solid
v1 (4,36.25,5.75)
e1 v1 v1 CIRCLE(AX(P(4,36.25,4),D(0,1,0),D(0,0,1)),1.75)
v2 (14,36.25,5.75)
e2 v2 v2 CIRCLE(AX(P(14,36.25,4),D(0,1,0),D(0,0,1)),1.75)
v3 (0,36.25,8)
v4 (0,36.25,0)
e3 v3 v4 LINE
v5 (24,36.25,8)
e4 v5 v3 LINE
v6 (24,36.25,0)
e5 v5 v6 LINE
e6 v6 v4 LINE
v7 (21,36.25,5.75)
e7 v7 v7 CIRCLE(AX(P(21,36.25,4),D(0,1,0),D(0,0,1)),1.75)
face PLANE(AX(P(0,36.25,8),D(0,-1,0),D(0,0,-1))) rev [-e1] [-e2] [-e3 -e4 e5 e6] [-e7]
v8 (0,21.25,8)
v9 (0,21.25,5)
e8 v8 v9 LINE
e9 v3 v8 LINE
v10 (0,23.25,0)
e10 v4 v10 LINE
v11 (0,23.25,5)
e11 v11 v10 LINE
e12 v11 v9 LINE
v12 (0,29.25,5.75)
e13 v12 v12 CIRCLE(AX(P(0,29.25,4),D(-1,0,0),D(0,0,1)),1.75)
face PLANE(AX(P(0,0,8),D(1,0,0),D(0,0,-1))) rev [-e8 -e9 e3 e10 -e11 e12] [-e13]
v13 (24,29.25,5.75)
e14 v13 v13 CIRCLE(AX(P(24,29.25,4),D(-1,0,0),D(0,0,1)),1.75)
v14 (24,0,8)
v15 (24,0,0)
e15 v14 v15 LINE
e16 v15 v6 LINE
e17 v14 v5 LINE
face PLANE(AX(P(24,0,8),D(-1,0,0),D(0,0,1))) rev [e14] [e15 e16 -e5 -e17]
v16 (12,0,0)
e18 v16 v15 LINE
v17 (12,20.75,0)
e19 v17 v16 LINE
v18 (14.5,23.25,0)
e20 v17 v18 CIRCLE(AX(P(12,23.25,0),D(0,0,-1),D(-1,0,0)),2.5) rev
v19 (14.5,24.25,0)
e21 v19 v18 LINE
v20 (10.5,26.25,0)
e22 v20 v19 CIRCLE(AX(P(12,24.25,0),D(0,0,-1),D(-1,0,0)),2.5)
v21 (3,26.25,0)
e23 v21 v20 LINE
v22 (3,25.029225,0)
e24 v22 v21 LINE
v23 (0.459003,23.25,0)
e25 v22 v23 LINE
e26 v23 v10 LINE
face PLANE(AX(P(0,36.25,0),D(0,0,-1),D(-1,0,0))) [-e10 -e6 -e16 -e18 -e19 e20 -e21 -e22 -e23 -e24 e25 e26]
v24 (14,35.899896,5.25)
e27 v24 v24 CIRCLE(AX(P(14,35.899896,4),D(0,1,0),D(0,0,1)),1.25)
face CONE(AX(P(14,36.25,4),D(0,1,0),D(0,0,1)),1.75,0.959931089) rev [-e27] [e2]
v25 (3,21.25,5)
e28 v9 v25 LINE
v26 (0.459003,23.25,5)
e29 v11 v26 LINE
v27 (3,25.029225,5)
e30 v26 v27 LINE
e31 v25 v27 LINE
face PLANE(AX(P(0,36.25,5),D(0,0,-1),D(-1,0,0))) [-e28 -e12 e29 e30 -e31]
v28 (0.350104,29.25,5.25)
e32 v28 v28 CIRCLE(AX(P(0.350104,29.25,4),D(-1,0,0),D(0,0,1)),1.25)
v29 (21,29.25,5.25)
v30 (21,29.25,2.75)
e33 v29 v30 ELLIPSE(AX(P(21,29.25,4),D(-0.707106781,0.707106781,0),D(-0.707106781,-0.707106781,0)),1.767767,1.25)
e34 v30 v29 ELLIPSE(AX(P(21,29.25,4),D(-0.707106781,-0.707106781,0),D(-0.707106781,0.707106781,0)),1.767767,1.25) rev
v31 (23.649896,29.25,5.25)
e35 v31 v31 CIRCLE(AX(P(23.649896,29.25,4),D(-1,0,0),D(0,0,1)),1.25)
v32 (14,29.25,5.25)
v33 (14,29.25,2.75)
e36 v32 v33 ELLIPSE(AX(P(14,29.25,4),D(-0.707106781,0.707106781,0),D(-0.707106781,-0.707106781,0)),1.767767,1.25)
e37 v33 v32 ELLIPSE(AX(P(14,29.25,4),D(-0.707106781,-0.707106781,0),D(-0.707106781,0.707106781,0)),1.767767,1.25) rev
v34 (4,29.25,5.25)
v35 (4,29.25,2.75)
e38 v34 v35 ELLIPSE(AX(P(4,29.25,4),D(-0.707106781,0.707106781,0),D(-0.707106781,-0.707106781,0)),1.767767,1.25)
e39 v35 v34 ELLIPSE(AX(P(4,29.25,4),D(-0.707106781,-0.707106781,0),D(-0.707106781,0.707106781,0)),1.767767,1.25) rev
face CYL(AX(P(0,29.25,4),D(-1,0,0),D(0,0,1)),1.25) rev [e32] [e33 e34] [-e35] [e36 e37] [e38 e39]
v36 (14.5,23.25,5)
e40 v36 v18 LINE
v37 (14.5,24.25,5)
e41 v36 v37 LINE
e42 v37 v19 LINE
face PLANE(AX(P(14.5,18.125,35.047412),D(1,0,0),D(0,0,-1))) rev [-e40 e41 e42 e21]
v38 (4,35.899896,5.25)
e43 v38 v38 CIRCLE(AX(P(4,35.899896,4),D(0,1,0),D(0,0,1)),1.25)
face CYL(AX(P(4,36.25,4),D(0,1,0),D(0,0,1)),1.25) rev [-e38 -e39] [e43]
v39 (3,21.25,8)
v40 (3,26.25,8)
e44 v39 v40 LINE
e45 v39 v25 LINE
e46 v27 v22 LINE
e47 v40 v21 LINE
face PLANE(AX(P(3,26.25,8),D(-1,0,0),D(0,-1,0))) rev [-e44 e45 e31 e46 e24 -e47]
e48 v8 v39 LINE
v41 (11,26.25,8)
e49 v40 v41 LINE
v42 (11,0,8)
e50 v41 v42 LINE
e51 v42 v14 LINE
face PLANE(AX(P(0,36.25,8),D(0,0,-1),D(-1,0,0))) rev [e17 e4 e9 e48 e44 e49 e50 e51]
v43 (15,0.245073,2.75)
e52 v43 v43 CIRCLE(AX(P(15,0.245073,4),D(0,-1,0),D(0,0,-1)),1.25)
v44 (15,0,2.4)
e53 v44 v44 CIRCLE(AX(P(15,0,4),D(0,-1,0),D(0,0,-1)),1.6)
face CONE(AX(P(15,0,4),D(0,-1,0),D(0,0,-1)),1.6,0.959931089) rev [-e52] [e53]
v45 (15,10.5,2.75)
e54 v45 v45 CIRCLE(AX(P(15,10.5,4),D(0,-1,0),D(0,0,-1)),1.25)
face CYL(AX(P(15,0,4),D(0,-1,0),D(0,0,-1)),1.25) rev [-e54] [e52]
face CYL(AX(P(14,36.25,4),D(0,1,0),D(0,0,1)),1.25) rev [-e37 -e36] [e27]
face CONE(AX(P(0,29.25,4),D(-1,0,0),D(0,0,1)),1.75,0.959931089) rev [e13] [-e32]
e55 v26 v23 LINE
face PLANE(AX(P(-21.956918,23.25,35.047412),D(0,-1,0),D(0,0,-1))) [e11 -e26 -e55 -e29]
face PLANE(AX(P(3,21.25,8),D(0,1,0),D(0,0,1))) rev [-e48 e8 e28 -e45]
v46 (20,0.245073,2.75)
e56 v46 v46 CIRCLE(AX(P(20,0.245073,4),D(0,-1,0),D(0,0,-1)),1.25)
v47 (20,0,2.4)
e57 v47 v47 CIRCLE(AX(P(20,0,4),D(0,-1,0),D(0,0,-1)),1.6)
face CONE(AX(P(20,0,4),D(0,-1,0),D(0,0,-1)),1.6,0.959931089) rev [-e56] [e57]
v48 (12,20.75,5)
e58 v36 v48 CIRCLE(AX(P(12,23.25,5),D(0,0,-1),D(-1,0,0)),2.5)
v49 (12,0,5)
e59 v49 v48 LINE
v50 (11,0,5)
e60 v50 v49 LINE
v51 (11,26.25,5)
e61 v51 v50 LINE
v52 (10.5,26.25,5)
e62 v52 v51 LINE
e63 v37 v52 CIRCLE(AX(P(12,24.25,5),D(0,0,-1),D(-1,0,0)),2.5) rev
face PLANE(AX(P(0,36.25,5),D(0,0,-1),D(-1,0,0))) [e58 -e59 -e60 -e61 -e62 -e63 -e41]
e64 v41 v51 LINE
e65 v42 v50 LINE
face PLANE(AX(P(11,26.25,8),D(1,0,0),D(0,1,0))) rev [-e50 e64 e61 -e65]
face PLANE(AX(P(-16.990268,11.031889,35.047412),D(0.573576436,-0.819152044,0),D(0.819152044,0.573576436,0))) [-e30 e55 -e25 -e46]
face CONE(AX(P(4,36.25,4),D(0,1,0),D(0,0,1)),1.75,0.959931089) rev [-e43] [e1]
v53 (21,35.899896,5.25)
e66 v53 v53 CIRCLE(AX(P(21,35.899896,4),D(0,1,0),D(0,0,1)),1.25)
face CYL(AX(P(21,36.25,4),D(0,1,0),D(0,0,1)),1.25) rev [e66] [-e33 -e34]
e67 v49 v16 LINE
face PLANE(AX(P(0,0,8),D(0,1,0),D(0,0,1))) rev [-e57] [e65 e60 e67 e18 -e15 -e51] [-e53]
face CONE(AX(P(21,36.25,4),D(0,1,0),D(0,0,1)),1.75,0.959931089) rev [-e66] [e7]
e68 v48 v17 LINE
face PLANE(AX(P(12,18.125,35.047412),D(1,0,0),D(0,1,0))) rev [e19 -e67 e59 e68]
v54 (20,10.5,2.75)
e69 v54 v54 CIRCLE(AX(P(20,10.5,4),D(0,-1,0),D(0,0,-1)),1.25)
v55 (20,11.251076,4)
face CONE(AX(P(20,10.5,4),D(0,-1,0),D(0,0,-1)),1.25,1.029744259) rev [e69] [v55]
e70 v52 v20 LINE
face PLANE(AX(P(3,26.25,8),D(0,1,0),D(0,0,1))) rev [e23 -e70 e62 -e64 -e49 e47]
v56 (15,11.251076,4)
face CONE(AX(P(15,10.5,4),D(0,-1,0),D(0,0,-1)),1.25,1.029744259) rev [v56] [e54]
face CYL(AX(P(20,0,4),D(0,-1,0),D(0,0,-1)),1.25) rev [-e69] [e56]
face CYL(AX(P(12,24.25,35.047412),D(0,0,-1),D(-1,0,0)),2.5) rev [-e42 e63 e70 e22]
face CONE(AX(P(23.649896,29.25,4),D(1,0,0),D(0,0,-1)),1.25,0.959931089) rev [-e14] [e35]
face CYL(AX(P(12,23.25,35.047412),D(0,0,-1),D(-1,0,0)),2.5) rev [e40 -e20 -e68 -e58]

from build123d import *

# Parameters (mm, degrees)
SKETCH_1_W                  = 24
SKETCH_1_H                  = 36.25
EXTRUDE_1_DEPTH             = 8
CUT_EXTRUDE_1_DEPTH         = 9
HOLE_WIZARD_M31_D           = 2.5
HOLE_WIZARD_M31_DEPTH       = 10.5
HOLE_WIZARD_M31_CSINK_D     = 3.2
HOLE_WIZARD_M31_CSINK_ANGLE = 110
HOLE_WIZARD_M31_TIP         = 0.751075774
HOLE_WIZARD_M33_D           = 2.5
HOLE_WIZARD_M33_DEPTH       = 7
HOLE_WIZARD_M33_CSINK_D     = 3.5
HOLE_WIZARD_M33_CSINK_ANGLE = 110
HOLE_WIZARD_M33_TIP         = 0.751075774
CUT_EXTRUDE_4_DEPTH         = 5


with BuildPart() as part:
    # Эскиз1 → Бобышка-Вытянуть1 (new body)
    with BuildSketch(Plane.XY):
        with Locations((12, 18.125)):
            Rectangle(SKETCH_1_W, SKETCH_1_H)
    extrude(amount=EXTRUDE_1_DEPTH)

    # Эскиз2 → Вырез-Вытянуть1 (cut, through all)
    with BuildSketch(Plane.XY.offset(8)):
        Polygon((-87.021101005, 21.25), (0, 21.25), (3, 21.25), (3, 26.25), (11, 26.25), (11, 0), (11, -87.021101005), (-118.022033053, -203.828648138), (-216.043134058, -95.557547133), align=None)
    extrude(amount=-CUT_EXTRUDE_1_DEPTH, mode=Mode.SUBTRACT)

    # Отверстие обработанное метчиком M31
    with Locations(Plane.XZ):
        with Locations((15, 4), (20, 4)):
            CounterSinkHole(HOLE_WIZARD_M31_D / 2, HOLE_WIZARD_M31_CSINK_D / 2, depth=HOLE_WIZARD_M31_DEPTH, counter_sink_angle=HOLE_WIZARD_M31_CSINK_ANGLE)
            with Locations((0, 0, -(HOLE_WIZARD_M31_DEPTH + HOLE_WIZARD_M31_TIP / 2))):  # 118° drill point
                Cone(0, HOLE_WIZARD_M31_D / 2, HOLE_WIZARD_M31_TIP, mode=Mode.SUBTRACT)

    # Эскиз6 → Отверстие обработанное метчиком M32 (revolve, cut)
    with BuildSketch(Plane(origin=(0, 29.25, 4), x_dir=(0, 0, 1), z_dir=(0, 1, 0))):
        Polygon((0, 0), (0, 24), (1.75, 24), (1.25, 23.649896231), (1.25, 0.350103769), (1.75, 0), align=None)
    revolve(axis=Axis((-6.35, 29.25, 4), (1, 0, 0)), mode=Mode.SUBTRACT)

    # Отверстие обработанное метчиком M33
    with Locations(Plane(origin=(0, 36.25, 0), x_dir=(-1, 0, 0), z_dir=(0, 1, 0))):
        with Locations((-14, 4), (-4, 4), (-21, 4)):
            CounterSinkHole(HOLE_WIZARD_M33_D / 2, HOLE_WIZARD_M33_CSINK_D / 2, depth=HOLE_WIZARD_M33_DEPTH, counter_sink_angle=HOLE_WIZARD_M33_CSINK_ANGLE)
            with Locations((0, 0, -(HOLE_WIZARD_M33_DEPTH + HOLE_WIZARD_M33_TIP / 2))):  # 118° drill point
                Cone(0, HOLE_WIZARD_M33_D / 2, HOLE_WIZARD_M33_TIP, mode=Mode.SUBTRACT)

    # Эскиз11 → Вырез-Вытянуть4 (cut)
    with BuildSketch(Plane(origin=(0, 0, 0), x_dir=(-1, 0, 0), z_dir=(0, 0, -1))):
        with BuildLine():
            ThreePointArc((-10.5, 26.25), (-13.118033989, 26.486067977), (-14.5, 24.25))
            Line((-14.5, 24.25), (-14.5, 23.25))
            ThreePointArc((-14.5, 23.25), (-13.767766953, 21.482233047), (-12, 20.75))
            Line((-12, 20.75), (-12, 0))
            Line((-12, 0), (-11, 0))
            Line((-11, 0), (-11, 26.25))
            Line((-11, 26.25), (-10.5, 26.25))
        make_face()
        Polygon((-0.459002775, 23.25), (-3, 25.029225411), (-3, 21.25), (0, 21.25), (0, 23.25), align=None)
    extrude(amount=-CUT_EXTRUDE_4_DEPTH, mode=Mode.SUBTRACT)


solid = part.part
